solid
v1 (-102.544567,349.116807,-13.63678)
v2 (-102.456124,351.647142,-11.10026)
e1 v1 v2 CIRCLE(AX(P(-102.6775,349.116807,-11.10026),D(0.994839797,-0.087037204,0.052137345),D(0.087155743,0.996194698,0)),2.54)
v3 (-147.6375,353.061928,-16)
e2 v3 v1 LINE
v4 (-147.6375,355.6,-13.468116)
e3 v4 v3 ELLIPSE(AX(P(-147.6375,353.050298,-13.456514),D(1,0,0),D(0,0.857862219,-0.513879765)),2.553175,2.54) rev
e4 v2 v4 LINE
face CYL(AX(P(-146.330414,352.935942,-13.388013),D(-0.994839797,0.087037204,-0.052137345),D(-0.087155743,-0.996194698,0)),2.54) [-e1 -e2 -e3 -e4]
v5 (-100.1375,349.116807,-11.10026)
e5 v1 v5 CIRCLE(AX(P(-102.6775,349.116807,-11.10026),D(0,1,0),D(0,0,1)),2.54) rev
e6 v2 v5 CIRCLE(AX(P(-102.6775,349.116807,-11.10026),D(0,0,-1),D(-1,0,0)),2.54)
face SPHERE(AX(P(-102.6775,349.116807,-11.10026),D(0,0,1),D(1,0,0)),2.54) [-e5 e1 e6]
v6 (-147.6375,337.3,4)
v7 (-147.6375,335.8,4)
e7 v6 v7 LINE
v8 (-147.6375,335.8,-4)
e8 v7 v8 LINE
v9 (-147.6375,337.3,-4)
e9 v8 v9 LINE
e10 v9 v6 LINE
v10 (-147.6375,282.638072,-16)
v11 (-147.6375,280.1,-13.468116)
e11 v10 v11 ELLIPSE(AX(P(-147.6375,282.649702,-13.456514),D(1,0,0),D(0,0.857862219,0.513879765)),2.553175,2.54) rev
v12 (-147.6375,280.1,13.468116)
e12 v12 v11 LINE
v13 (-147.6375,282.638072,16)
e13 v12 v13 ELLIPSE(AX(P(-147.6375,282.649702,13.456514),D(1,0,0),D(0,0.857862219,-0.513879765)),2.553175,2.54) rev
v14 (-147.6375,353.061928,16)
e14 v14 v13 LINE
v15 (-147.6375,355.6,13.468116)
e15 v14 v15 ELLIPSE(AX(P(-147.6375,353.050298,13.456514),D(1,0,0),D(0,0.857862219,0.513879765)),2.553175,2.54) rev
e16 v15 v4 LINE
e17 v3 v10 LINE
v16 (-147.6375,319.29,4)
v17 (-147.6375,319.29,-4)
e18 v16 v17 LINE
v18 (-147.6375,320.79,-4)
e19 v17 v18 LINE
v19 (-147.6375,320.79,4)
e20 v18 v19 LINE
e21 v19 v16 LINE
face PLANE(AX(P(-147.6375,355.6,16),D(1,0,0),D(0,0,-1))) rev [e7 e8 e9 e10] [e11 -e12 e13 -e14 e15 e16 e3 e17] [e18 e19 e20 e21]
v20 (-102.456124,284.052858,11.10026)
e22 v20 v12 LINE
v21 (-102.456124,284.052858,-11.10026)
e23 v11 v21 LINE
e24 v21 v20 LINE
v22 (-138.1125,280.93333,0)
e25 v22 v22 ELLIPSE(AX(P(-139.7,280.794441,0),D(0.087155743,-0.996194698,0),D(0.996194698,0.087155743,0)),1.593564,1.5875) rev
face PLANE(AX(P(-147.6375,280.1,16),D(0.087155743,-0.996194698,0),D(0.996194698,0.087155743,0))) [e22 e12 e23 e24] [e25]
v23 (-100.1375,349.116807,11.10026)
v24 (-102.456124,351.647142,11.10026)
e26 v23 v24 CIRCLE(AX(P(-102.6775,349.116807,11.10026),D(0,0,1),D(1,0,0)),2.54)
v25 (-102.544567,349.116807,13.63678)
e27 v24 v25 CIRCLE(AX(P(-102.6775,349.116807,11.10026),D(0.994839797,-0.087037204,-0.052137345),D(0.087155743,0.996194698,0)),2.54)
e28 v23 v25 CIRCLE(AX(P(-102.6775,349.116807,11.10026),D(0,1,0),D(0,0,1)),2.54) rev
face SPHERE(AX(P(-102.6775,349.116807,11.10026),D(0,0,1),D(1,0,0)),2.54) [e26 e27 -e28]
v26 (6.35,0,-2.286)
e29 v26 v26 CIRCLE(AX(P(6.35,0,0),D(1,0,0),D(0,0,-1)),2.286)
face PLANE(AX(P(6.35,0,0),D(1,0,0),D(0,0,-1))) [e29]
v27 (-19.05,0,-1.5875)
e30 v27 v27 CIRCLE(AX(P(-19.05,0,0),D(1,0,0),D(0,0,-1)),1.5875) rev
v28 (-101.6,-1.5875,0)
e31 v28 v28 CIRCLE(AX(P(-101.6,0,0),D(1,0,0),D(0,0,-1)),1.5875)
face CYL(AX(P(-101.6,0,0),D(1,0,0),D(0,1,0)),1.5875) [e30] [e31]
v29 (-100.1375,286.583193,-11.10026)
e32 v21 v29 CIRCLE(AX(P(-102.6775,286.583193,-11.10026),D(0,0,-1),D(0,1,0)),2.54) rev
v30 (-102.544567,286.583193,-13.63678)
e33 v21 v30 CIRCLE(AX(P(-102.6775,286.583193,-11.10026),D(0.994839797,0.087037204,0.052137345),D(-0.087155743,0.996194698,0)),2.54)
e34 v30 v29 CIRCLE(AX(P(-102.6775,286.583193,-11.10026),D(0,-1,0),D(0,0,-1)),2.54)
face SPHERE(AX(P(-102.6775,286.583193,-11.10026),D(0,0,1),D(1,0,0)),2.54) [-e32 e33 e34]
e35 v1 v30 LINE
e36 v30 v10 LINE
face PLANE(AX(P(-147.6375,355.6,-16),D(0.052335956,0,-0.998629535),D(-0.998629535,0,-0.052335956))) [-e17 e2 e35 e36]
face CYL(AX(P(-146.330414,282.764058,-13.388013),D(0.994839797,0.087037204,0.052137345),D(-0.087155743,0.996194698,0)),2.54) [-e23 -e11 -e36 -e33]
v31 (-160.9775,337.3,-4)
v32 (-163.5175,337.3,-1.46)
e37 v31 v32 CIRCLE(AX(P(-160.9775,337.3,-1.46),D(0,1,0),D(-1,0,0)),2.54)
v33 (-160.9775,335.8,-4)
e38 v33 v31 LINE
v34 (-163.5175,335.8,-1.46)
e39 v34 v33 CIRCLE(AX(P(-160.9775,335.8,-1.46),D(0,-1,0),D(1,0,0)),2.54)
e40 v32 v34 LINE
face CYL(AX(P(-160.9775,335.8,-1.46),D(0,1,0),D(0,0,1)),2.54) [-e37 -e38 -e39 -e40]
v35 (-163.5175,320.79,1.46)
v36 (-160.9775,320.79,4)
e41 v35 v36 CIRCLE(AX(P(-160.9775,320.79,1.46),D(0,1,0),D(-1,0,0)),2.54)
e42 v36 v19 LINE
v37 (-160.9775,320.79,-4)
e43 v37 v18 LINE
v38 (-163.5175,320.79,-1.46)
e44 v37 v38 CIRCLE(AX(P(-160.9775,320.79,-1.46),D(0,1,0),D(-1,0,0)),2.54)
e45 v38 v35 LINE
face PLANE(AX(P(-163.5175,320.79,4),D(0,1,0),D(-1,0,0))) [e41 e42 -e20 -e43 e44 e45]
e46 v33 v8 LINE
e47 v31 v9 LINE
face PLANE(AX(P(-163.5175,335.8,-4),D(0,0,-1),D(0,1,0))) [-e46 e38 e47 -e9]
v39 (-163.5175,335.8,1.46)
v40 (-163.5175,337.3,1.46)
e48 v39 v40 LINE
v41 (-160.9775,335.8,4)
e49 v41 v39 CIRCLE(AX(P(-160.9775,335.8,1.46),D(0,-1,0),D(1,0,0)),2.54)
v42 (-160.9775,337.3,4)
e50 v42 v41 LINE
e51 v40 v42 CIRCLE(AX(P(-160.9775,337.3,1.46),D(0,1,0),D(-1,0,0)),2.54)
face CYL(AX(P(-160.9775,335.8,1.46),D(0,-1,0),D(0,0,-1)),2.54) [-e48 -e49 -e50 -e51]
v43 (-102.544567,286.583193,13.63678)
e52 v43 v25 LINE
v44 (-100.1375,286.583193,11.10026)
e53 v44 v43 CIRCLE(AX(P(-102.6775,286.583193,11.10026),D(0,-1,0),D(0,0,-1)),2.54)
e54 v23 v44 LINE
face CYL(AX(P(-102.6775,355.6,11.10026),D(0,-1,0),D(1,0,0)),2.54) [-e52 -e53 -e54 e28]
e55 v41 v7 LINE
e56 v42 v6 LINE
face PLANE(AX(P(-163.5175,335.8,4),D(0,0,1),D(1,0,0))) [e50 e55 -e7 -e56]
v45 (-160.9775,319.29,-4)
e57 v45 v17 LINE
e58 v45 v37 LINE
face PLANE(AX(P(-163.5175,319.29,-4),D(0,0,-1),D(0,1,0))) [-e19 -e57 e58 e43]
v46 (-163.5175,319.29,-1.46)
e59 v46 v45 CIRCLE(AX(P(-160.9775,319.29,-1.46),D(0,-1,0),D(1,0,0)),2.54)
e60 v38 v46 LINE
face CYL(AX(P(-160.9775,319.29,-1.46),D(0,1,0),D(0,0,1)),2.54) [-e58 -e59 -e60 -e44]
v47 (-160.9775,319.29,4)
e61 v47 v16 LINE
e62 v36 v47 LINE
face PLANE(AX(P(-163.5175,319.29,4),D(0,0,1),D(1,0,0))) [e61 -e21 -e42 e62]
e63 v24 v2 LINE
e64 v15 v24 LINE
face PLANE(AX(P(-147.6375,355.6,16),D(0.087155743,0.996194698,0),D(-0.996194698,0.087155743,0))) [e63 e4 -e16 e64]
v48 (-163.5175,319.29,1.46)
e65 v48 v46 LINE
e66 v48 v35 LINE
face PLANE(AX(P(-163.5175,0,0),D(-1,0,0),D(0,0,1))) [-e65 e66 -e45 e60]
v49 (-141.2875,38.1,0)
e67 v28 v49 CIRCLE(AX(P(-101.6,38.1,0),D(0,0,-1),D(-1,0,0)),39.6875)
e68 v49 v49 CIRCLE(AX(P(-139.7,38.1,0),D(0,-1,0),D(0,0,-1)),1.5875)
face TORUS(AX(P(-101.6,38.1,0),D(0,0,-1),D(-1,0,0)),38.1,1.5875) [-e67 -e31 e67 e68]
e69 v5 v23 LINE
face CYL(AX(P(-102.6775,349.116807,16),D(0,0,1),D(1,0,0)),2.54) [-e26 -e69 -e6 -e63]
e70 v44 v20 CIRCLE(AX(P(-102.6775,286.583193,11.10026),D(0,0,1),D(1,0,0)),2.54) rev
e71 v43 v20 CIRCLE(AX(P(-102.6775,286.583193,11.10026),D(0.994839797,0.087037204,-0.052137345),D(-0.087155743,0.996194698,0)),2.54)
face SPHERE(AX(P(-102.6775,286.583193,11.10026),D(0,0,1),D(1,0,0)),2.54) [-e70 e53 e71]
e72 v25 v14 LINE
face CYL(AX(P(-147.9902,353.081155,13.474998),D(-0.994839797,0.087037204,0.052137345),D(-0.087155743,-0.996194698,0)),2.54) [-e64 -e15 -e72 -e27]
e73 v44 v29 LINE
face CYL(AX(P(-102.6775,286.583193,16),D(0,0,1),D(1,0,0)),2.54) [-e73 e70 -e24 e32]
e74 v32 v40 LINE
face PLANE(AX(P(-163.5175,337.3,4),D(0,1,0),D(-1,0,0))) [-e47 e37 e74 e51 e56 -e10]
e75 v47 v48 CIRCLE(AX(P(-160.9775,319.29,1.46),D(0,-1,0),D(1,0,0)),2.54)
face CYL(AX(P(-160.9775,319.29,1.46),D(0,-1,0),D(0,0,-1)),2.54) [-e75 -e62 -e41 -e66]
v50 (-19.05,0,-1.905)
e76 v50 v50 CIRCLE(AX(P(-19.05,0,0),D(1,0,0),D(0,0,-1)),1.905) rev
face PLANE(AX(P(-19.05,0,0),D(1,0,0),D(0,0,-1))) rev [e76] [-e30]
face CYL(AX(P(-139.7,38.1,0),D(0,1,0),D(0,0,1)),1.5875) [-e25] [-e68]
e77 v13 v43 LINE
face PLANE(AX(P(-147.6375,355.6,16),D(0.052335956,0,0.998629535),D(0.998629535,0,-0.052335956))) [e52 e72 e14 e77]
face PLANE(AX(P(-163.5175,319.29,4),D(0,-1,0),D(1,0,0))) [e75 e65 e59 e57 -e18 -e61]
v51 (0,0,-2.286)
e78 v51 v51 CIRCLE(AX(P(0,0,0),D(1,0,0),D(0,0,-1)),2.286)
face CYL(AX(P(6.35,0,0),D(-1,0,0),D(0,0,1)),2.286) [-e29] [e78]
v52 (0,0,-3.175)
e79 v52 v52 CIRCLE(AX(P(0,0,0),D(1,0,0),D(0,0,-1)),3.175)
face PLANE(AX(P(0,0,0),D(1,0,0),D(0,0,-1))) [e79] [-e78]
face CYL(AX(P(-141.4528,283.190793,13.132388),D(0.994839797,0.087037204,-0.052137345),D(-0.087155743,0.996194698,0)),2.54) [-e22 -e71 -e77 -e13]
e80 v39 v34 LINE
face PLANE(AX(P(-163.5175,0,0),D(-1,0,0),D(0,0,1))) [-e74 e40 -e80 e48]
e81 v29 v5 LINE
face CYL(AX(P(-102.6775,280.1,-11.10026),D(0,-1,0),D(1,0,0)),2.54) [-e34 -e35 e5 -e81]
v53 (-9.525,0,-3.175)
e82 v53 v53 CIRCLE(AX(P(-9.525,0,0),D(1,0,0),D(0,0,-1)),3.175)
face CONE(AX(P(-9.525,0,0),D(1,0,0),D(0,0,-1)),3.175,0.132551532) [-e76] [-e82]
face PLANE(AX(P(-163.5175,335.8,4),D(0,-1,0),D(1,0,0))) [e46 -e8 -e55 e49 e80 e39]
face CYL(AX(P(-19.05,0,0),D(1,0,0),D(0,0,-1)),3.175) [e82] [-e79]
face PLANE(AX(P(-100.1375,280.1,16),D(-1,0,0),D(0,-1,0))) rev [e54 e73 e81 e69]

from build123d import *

# Parameters (mm, degrees)
SKETCH2_R           = 1.5875
SKETCH3_R           = 3.175
BOSS_EXTRUDE1_DEPTH = 19.05
SKETCH4_R           = 2.286
BOSS_EXTRUDE2_DEPTH = 6.35
CHAMFER1_SIZE       = 1.27
CHAMFER1_SIZE2      = 9.525
SKETCH5_W           = 47.5
SKETCH5_H           = 75.5
BOSS_EXTRUDE3_DEPTH = 16
SKETCH6_W           = 8
SKETCH6_H           = 1.5
BOSS_EXTRUDE4_DEPTH = 15.88
DRAFT1_ANGLE        = -5
DRAFT2_ANGLE        = -3
FILLET1_R           = 2.54
FILLET2_R           = 2.54


with BuildPart() as part:
    # Sweep1: sweep along a path in Sketch1
    with BuildLine(Plane.XY) as sweep1_path:
        Line((0, 0), (-101.6, 0))
        ThreePointArc((-101.6, 0), (-128.540768363, 11.159231637), (-139.7, 38.1))
        Line((-139.7, 38.1), (-139.7, 355.6))
    # Sketch2 → Sweep1 (sweep)
    with BuildSketch(Plane(origin=(0, 0, 0), x_dir=(0, 0, -1), z_dir=(1, 0, 0))):
        Circle(SKETCH2_R)
    sweep(path=sweep1_path.line)

    # Sketch3 → Boss-Extrude1 (add)
    with BuildSketch(Plane(origin=(0, 0, 0), x_dir=(0, 0, -1), z_dir=(1, 0, 0))):
        Circle(SKETCH3_R)
    extrude(amount=-BOSS_EXTRUDE1_DEPTH)

    # Sketch4 → Boss-Extrude2 (add)
    with BuildSketch(Plane(origin=(0, 0, 0), x_dir=(0, 0, -1), z_dir=(1, 0, 0))):
        Circle(SKETCH4_R)
    extrude(amount=BOSS_EXTRUDE2_DEPTH)

    # Chamfer1
    chamfer1_edges = [part.edges().sort_by_distance(p)[0] for p in [
        (-19.05, 0, 3.175),
    ]]
    chamfer1_side = [part.faces().sort_by_distance(p)[0] for p in [
        (-19.05, 0, 3.085197439),
    ]]
    chamfer(chamfer1_edges, length=CHAMFER1_SIZE, length2=CHAMFER1_SIZE2, reference=chamfer1_side[0])

    # Sketch5 → Boss-Extrude3 (add, symmetric)
    with BuildSketch(Plane.XY):
        with Locations((-123.8875, 317.85)):
            Rectangle(SKETCH5_W, SKETCH5_H)
    extrude(amount=BOSS_EXTRUDE3_DEPTH, both=True)

    # Sketch6 → Boss-Extrude4 (add)
    with BuildSketch(Plane(origin=(-147.6375, 0, 0), x_dir=(0, 0, -1), z_dir=(1, 0, 0))):
        with Locations((0, 336.55)):
            Rectangle(SKETCH6_W, SKETCH6_H)
        with Locations((0, 320.04)):
            Rectangle(SKETCH6_W, SKETCH6_H)
    extrude(amount=-BOSS_EXTRUDE4_DEPTH)

    # Draft1
    draft1_faces = [part.faces().sort_by_distance(p)[0] for p in [
        (-123.804705338, 280.1, 0),
        (-123.8875, 355.6, 0),
    ]]
    draft(draft1_faces, Plane(origin=(-147.6375, 355.6, 16), x_dir=(0, 0, -1), z_dir=(-1, 0, 0)), DRAFT1_ANGLE)

    # Draft2
    draft2_faces = [part.faces().sort_by_distance(p)[0] for p in [
        (-124.348635482, 317.85, -16),
        (-124.348635482, 317.85, 16),
    ]]
    draft(draft2_faces, Plane(origin=(-147.6375, 355.6, 16), x_dir=(0, 0, -1), z_dir=(-1, 0, 0)), DRAFT2_ANGLE)

    # Fillet1
    fillet1_edges = [part.edges().sort_by_distance(p)[0] for p in [
        (-123.8875, 353.522144241, -14.755315242),
        (-100.1375, 351.444288483, 0),
        (-123.8875, 282.177855759, -14.755315242),
        (-100.1375, 317.85, -13.510630484),
        (-100.1375, 284.255711517, 0),
        (-100.1375, 317.85, 13.510630484),
        (-123.8875, 353.522144241, 14.755315242),
        (-123.8875, 282.177855759, 14.755315242),
    ]]
    fillet(fillet1_edges, radius=FILLET1_R)

    # Fillet2
    fillet2_edges = [part.edges().sort_by_distance(p)[0] for p in [
        (-163.5175, 336.55, -4),
        (-163.5175, 336.55, 4),
        (-163.5175, 320.04, -4),
        (-163.5175, 320.04, 4),
    ]]
    fillet(fillet2_edges, radius=FILLET2_R)


solid = part.part
